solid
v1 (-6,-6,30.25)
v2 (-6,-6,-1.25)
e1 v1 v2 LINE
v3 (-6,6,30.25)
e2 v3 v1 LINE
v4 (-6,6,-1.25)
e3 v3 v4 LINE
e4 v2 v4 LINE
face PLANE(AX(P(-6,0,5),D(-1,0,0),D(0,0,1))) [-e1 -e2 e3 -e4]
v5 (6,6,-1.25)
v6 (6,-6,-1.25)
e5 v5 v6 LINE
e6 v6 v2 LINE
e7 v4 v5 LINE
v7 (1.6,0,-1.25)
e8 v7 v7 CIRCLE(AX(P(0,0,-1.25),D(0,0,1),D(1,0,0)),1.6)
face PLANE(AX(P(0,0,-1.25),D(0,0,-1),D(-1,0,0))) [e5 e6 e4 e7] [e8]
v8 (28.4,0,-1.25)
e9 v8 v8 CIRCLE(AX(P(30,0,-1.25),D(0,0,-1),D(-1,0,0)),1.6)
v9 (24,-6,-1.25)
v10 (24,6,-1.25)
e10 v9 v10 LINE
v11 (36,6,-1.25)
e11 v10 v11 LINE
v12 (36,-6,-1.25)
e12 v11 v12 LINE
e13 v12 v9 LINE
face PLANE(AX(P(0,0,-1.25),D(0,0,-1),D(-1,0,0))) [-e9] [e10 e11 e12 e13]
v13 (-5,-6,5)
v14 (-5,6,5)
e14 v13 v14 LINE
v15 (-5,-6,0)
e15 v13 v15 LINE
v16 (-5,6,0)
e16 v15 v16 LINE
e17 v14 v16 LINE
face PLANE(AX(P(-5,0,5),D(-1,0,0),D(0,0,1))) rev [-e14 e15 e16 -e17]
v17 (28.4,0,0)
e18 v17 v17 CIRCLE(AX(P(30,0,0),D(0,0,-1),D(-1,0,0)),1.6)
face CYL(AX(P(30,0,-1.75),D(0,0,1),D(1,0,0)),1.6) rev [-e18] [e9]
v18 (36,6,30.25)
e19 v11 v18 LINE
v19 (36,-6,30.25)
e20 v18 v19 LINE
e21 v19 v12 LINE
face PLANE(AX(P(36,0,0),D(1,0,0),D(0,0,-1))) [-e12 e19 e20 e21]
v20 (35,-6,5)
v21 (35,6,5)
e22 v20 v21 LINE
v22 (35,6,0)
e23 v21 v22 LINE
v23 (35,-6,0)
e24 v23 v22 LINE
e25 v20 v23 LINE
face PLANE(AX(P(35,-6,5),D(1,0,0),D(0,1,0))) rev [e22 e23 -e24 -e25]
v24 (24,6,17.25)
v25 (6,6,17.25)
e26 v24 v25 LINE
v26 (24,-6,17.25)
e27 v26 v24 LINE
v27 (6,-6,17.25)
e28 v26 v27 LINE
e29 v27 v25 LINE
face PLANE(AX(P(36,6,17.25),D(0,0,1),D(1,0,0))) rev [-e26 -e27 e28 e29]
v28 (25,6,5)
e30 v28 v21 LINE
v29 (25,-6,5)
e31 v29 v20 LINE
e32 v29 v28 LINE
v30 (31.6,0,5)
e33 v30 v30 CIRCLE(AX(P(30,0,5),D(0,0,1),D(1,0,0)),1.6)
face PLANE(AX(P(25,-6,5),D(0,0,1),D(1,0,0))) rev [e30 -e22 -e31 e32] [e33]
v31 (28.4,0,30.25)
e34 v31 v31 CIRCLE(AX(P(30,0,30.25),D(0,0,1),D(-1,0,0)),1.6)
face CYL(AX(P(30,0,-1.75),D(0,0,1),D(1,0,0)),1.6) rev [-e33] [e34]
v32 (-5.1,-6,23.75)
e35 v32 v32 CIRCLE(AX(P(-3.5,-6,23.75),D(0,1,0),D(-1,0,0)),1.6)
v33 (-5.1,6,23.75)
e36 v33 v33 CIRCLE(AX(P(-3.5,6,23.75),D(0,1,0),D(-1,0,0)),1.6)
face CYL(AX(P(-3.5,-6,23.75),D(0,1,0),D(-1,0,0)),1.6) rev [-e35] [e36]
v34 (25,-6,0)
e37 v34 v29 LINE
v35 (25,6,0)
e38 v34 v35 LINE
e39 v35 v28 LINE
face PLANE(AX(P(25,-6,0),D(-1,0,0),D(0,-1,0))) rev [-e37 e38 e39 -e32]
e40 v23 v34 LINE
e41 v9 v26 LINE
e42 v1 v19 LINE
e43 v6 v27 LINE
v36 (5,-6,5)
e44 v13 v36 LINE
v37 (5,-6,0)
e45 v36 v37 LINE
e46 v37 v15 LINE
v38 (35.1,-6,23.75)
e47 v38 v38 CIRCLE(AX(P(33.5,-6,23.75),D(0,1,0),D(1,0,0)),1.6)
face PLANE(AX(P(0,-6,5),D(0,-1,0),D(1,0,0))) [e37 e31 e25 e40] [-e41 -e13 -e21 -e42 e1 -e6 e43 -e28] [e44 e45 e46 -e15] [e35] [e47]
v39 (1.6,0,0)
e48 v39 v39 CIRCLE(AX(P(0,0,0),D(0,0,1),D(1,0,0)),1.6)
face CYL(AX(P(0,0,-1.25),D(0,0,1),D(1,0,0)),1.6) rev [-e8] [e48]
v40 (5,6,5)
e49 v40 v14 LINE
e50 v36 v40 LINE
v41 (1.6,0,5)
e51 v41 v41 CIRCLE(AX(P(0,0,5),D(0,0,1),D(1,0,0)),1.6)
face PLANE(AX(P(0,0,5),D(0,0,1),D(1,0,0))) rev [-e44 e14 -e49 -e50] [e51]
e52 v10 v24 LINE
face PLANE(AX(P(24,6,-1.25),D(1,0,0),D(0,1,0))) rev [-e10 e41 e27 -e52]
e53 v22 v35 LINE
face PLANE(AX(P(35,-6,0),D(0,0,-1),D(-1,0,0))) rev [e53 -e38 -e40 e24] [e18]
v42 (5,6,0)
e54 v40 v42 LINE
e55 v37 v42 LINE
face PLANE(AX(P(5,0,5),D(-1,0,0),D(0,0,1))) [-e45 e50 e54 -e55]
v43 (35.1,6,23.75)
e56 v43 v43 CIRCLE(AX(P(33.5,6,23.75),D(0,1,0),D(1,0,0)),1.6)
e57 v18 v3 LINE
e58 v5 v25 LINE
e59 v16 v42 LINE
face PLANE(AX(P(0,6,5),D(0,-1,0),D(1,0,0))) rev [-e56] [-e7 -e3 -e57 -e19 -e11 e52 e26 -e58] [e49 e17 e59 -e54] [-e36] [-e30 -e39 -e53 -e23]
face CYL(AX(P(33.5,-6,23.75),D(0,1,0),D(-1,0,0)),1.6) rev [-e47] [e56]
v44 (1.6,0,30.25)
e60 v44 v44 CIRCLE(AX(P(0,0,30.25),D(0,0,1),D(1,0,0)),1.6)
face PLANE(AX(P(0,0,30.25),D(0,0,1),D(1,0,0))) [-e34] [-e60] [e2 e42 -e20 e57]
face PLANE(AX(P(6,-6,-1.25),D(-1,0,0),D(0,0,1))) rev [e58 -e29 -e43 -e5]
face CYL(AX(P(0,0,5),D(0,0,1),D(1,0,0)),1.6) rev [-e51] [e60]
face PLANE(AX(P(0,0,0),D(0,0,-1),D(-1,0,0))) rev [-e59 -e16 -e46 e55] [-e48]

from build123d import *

# Parameters (mm, degrees)
SALIENTE_EXTRUIR1_DEPTH   = 5
SALIENTE_EXTRUIR1_2_DEPTH = 5
CROQUIS3_W                = 12
CROQUIS3_H                = 12
SALIENTE_EXTRUIR2_DEPTH   = 1.25
CROQUIS4_W                = 12
CROQUIS4_H                = 12
SALIENTE_EXTRUIR3_DEPTH   = 1.25
CROQUIS5_R                = 1.6
CORTAR_EXTRUIR1_DEPTH     = 1.25
CROQUIS9_R                = 1.6
CORTAR_EXTRUIR2_DEPTH     = 1.25
CROQUIS11_W               = 12
CROQUIS11_H               = 12
CROQUIS11_R               = 1.6
SALIENTE_EXTRUIR4_DEPTH   = 24
CROQUIS13_W               = 13
CROQUIS13_H               = 12
SALIENTE_EXTRUIR6_DEPTH   = 30
CROQUIS14_W               = 12
CROQUIS14_H               = 12
SALIENTE_EXTRUIR8_DEPTH   = 18.5
CROQUIS15_W               = 10
CROQUIS15_H               = 5
CORTAR_EXTRUIR3_DEPTH     = 12
CROQUIS16_R               = 1.6
CORTAR_EXTRUIR5_DEPTH     = 32
CROQUIS17_R               = 1.6
CORTAR_EXTRUIR6_DEPTH     = 12


with BuildPart() as part:
    # Croquis2 → Saliente-Extruir1 (new body)
    with BuildSketch(Plane.XY):
        Polygon((-5, -6), (-5, -5), (-5, 5), (-5, 6), (-6, 6), (-6, 5), (-6, -6), align=None)
    extrude(amount=SALIENTE_EXTRUIR1_DEPTH)



with BuildPart() as body_2:
    # Croquis2 → Saliente-Extruir1 2 (new body)
    with BuildSketch(Plane.XY):
        Polygon((5, 5), (5, -5), (5, -6), (6, -6), (6, 6), (5, 6), align=None)
    extrude(amount=SALIENTE_EXTRUIR1_2_DEPTH)


with BuildPart() as part_1:
    add(part.part)

    add(body_2.part)  # Saliente-Extruir2 merges body 2
    # Croquis3 → Saliente-Extruir2 (add)
    with BuildSketch(Plane(origin=(0, 0, 0), x_dir=(-1, 0, 0), z_dir=(0, 0, -1))):
        Rectangle(CROQUIS3_W, CROQUIS3_H)
    extrude(amount=SALIENTE_EXTRUIR2_DEPTH)

    # Croquis4 → Saliente-Extruir3 (add)
    with BuildSketch(Plane.XY.offset(5)):
        Rectangle(CROQUIS4_W, CROQUIS4_H)
    extrude(amount=SALIENTE_EXTRUIR3_DEPTH)

    # Croquis5 → Cortar-Extruir1 (cut)
    with BuildSketch(Plane.XY.offset(6.25)):
        Circle(CROQUIS5_R)
    extrude(amount=-CORTAR_EXTRUIR1_DEPTH, mode=Mode.SUBTRACT)

    # Croquis9 → Cortar-Extruir2 (cut)
    with BuildSketch(Plane.XY):
        Circle(CROQUIS9_R)
    extrude(amount=-CORTAR_EXTRUIR2_DEPTH, mode=Mode.SUBTRACT)

    # Croquis11 → Saliente-Extruir4 (add)
    with BuildSketch(Plane.XY.offset(6.25)):
        Rectangle(CROQUIS11_W, CROQUIS11_H)
        Circle(CROQUIS11_R, mode=Mode.SUBTRACT)
    extrude(amount=SALIENTE_EXTRUIR4_DEPTH)

    # Croquis13 → Saliente-Extruir6 (add)
    with BuildSketch(Plane(origin=(6, 0, 0), x_dir=(0, 0, -1), z_dir=(1, 0, 0))):
        with Locations((-23.75, 0)):
            Rectangle(CROQUIS13_W, CROQUIS13_H)
    extrude(amount=SALIENTE_EXTRUIR6_DEPTH)

    # Croquis14 → Saliente-Extruir8 (add)
    with BuildSketch(Plane(origin=(0, 0, 17.25), x_dir=(-1, 0, 0), z_dir=(0, 0, -1))):
        with Locations((-30, 0)):
            Rectangle(CROQUIS14_W, CROQUIS14_H)
    extrude(amount=SALIENTE_EXTRUIR8_DEPTH)

    # Croquis15 → Cortar-Extruir3 (cut)
    with BuildSketch(Plane(origin=(0, 6, 0), x_dir=(1, 0, 0), z_dir=(0, 1, 0))):
        with Locations((30, -2.5)):
            Rectangle(CROQUIS15_W, CROQUIS15_H)
    extrude(amount=-CORTAR_EXTRUIR3_DEPTH, mode=Mode.SUBTRACT)

    # Croquis16 → Cortar-Extruir5 (cut)
    with BuildSketch(Plane.XY.offset(30.25)):
        Circle(CROQUIS16_R)
        with Locations((30, 0)):
            Circle(CROQUIS16_R)
    extrude(amount=-CORTAR_EXTRUIR5_DEPTH, mode=Mode.SUBTRACT)

    # Croquis17 → Cortar-Extruir6 (cut)
    with BuildSketch(Plane(origin=(0, 6, 0), x_dir=(1, 0, 0), z_dir=(0, 1, 0))):
        with Locations((-3.5, -23.75)):
            Circle(CROQUIS17_R)
        with Locations((33.5, -23.75)):
            Circle(CROQUIS17_R)
    extrude(amount=-CORTAR_EXTRUIR6_DEPTH, mode=Mode.SUBTRACT)


solid = part_1.part
